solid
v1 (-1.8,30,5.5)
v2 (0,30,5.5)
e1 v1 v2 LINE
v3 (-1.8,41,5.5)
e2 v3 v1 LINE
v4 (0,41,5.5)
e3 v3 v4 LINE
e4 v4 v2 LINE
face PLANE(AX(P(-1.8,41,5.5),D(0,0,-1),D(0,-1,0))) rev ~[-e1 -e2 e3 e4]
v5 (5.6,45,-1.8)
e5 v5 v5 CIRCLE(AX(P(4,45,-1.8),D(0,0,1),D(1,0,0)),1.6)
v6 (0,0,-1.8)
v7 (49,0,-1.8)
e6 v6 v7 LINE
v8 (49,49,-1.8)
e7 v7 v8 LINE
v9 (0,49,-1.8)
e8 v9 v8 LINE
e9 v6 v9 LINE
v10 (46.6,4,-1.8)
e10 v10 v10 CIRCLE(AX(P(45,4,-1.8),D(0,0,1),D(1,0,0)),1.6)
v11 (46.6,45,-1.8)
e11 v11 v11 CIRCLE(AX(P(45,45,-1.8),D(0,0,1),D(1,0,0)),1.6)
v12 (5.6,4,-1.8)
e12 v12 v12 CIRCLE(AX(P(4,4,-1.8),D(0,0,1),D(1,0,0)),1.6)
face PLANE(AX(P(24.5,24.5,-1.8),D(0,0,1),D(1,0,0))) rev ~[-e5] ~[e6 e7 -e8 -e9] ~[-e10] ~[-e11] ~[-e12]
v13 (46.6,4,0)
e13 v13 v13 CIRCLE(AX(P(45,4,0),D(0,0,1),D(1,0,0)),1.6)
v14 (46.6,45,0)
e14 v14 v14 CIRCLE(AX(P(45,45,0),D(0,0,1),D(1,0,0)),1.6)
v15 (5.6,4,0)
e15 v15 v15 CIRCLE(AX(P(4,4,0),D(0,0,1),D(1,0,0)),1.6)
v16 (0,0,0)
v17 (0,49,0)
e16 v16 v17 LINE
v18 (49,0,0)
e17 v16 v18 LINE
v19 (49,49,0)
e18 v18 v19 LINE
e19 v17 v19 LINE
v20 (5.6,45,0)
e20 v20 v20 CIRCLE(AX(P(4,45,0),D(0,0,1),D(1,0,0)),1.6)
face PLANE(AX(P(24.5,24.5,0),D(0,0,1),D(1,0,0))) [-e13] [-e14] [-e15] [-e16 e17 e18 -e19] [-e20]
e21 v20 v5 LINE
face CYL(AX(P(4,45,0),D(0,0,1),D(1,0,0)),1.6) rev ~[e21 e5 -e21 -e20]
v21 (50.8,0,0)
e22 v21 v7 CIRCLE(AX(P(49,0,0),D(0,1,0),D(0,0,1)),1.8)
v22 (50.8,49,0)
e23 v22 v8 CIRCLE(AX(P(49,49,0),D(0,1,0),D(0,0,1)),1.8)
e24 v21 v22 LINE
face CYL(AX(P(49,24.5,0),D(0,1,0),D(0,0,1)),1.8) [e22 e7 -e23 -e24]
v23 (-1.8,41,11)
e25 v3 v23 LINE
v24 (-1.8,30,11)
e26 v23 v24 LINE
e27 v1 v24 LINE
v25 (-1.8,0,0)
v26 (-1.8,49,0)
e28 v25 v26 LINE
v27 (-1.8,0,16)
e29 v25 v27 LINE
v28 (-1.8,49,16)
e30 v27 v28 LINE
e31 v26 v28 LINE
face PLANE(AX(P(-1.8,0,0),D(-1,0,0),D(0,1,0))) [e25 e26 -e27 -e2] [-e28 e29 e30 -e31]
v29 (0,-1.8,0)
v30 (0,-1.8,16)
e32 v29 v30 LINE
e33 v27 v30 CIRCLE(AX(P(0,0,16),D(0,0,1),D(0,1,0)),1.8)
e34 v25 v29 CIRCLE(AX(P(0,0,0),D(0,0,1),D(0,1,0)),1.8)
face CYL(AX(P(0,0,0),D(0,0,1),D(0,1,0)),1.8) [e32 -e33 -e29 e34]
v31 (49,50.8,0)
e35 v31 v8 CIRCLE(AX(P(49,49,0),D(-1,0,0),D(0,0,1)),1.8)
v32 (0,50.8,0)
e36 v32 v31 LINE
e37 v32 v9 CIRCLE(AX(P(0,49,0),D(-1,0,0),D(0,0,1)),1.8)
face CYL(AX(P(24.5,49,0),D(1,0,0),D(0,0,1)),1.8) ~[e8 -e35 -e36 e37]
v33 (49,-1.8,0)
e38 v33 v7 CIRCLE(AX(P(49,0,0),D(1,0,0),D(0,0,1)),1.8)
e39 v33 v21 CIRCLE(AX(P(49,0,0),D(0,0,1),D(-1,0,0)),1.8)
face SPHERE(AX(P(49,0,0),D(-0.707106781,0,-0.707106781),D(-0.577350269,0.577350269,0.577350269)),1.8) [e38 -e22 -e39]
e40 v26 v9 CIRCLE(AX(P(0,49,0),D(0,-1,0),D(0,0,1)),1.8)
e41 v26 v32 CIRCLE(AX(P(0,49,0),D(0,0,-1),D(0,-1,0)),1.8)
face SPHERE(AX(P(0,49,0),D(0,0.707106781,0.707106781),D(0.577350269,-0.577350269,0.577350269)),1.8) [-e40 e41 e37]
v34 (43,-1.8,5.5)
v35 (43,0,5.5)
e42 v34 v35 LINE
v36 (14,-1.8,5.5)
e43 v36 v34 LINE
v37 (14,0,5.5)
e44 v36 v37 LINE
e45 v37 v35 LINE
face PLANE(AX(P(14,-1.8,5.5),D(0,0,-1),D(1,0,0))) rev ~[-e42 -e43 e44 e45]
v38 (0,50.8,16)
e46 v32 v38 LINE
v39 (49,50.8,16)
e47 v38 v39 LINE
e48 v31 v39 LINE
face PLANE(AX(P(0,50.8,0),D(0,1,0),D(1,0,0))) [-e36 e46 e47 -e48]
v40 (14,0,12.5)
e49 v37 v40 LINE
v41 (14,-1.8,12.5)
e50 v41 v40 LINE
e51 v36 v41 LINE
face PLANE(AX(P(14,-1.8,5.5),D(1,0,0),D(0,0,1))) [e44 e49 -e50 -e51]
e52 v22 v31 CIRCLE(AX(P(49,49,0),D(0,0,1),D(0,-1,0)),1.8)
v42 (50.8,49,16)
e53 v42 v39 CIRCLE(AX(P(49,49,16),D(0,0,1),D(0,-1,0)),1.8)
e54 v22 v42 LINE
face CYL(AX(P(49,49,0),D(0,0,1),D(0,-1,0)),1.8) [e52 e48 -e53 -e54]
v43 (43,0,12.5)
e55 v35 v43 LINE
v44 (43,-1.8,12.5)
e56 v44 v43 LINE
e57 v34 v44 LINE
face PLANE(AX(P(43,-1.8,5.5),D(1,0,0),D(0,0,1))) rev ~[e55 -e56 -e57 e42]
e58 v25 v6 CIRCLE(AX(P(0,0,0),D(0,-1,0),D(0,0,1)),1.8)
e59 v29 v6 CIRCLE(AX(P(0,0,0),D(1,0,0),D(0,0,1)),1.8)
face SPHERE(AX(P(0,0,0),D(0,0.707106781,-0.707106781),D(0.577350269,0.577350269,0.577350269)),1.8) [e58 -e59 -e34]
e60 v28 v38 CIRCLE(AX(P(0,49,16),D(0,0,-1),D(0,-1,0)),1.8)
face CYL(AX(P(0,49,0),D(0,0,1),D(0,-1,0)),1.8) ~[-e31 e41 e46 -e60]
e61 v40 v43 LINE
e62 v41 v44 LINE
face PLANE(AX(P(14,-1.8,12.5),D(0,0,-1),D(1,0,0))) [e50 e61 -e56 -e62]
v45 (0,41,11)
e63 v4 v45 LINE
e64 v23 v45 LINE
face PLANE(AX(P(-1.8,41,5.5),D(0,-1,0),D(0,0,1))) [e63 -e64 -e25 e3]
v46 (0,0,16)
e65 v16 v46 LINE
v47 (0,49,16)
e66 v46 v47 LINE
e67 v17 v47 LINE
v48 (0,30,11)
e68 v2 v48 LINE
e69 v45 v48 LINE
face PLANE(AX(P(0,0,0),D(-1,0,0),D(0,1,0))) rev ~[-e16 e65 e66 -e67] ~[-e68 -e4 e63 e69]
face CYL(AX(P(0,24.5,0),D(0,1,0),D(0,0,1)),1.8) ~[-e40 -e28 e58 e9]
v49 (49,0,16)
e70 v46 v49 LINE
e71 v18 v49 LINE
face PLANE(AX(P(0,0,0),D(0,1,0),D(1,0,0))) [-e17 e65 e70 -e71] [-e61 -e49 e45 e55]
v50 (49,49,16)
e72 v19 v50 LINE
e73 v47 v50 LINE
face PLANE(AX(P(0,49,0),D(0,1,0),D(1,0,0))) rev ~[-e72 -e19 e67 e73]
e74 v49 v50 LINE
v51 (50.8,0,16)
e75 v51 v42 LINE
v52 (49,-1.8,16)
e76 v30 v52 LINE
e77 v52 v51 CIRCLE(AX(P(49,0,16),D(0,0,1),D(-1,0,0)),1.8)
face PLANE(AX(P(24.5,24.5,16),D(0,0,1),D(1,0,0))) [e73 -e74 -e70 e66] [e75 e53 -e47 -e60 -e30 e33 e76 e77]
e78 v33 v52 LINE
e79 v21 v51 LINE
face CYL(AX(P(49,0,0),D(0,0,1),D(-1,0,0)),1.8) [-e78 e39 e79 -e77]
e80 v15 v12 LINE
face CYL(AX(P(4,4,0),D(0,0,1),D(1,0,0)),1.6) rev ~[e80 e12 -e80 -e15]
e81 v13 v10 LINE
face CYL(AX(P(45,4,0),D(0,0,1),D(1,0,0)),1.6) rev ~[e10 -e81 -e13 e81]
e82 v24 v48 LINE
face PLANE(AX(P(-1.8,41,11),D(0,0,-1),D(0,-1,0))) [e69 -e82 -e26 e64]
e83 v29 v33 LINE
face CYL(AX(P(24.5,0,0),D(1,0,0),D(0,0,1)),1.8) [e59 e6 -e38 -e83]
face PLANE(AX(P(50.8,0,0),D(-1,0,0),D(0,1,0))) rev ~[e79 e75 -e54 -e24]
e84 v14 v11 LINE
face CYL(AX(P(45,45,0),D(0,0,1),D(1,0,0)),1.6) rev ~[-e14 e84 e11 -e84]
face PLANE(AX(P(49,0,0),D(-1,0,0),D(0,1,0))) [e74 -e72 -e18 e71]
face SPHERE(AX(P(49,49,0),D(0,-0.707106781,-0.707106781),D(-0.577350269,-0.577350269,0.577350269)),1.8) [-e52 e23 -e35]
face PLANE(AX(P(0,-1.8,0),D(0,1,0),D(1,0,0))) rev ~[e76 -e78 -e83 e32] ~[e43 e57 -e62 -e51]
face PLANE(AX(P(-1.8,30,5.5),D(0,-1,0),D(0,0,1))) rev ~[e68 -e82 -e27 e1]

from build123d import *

# Parameters (mm, degrees)
SKETCH_W        = 49
SKETCH_H        = 49
PAD_DEPTH       = 16
THICKNESS_T     = 1.8
SKETCH001_R     = 1.6
POCKET_DEPTH    = 1.801
SKETCH002_W     = 29
SKETCH002_H     = 7
POCKET001_DEPTH = 1.8
SKETCH003_W     = 11
SKETCH003_H     = 5.5
POCKET002_DEPTH = 1.8


with BuildPart() as part:
    # Sketch → Pad (new body)
    with BuildSketch(Plane.XY):
        with Locations((24.5, 24.5)):
            Rectangle(SKETCH_W, SKETCH_H)
    extrude(amount=PAD_DEPTH)

    # Thickness
    thickness_openings = [part.faces().sort_by_distance(p)[0] for p in [
        (24.5, 24.5, 16),
    ]]
    offset(amount=THICKNESS_T, openings=thickness_openings)

    # Sketch001 → Pocket (cut, through all)
    with BuildSketch(Plane.XY):
        with Locations((4, 45)):
            Circle(SKETCH001_R)
        with Locations((4, 4)):
            Circle(SKETCH001_R)
        with Locations((45, 45)):
            Circle(SKETCH001_R)
        with Locations((45, 4)):
            Circle(SKETCH001_R)
    extrude(amount=-POCKET_DEPTH, mode=Mode.SUBTRACT)

    # Sketch002 → Pocket001 (cut)
    with BuildSketch(Plane.XZ.offset(1.8)):
        with Locations((28.5, 9)):
            Rectangle(SKETCH002_W, SKETCH002_H)
    extrude(amount=-POCKET001_DEPTH, mode=Mode.SUBTRACT)

    # Sketch003 → Pocket002 (cut)
    with BuildSketch(Plane(origin=(-1.8, 0, 0), x_dir=(0, -1, 0), z_dir=(-1, 0, 0))):
        with Locations((-35.5, 8.25)):
            Rectangle(SKETCH003_W, SKETCH003_H)
    extrude(amount=-POCKET002_DEPTH, mode=Mode.SUBTRACT)


solid = part.part
